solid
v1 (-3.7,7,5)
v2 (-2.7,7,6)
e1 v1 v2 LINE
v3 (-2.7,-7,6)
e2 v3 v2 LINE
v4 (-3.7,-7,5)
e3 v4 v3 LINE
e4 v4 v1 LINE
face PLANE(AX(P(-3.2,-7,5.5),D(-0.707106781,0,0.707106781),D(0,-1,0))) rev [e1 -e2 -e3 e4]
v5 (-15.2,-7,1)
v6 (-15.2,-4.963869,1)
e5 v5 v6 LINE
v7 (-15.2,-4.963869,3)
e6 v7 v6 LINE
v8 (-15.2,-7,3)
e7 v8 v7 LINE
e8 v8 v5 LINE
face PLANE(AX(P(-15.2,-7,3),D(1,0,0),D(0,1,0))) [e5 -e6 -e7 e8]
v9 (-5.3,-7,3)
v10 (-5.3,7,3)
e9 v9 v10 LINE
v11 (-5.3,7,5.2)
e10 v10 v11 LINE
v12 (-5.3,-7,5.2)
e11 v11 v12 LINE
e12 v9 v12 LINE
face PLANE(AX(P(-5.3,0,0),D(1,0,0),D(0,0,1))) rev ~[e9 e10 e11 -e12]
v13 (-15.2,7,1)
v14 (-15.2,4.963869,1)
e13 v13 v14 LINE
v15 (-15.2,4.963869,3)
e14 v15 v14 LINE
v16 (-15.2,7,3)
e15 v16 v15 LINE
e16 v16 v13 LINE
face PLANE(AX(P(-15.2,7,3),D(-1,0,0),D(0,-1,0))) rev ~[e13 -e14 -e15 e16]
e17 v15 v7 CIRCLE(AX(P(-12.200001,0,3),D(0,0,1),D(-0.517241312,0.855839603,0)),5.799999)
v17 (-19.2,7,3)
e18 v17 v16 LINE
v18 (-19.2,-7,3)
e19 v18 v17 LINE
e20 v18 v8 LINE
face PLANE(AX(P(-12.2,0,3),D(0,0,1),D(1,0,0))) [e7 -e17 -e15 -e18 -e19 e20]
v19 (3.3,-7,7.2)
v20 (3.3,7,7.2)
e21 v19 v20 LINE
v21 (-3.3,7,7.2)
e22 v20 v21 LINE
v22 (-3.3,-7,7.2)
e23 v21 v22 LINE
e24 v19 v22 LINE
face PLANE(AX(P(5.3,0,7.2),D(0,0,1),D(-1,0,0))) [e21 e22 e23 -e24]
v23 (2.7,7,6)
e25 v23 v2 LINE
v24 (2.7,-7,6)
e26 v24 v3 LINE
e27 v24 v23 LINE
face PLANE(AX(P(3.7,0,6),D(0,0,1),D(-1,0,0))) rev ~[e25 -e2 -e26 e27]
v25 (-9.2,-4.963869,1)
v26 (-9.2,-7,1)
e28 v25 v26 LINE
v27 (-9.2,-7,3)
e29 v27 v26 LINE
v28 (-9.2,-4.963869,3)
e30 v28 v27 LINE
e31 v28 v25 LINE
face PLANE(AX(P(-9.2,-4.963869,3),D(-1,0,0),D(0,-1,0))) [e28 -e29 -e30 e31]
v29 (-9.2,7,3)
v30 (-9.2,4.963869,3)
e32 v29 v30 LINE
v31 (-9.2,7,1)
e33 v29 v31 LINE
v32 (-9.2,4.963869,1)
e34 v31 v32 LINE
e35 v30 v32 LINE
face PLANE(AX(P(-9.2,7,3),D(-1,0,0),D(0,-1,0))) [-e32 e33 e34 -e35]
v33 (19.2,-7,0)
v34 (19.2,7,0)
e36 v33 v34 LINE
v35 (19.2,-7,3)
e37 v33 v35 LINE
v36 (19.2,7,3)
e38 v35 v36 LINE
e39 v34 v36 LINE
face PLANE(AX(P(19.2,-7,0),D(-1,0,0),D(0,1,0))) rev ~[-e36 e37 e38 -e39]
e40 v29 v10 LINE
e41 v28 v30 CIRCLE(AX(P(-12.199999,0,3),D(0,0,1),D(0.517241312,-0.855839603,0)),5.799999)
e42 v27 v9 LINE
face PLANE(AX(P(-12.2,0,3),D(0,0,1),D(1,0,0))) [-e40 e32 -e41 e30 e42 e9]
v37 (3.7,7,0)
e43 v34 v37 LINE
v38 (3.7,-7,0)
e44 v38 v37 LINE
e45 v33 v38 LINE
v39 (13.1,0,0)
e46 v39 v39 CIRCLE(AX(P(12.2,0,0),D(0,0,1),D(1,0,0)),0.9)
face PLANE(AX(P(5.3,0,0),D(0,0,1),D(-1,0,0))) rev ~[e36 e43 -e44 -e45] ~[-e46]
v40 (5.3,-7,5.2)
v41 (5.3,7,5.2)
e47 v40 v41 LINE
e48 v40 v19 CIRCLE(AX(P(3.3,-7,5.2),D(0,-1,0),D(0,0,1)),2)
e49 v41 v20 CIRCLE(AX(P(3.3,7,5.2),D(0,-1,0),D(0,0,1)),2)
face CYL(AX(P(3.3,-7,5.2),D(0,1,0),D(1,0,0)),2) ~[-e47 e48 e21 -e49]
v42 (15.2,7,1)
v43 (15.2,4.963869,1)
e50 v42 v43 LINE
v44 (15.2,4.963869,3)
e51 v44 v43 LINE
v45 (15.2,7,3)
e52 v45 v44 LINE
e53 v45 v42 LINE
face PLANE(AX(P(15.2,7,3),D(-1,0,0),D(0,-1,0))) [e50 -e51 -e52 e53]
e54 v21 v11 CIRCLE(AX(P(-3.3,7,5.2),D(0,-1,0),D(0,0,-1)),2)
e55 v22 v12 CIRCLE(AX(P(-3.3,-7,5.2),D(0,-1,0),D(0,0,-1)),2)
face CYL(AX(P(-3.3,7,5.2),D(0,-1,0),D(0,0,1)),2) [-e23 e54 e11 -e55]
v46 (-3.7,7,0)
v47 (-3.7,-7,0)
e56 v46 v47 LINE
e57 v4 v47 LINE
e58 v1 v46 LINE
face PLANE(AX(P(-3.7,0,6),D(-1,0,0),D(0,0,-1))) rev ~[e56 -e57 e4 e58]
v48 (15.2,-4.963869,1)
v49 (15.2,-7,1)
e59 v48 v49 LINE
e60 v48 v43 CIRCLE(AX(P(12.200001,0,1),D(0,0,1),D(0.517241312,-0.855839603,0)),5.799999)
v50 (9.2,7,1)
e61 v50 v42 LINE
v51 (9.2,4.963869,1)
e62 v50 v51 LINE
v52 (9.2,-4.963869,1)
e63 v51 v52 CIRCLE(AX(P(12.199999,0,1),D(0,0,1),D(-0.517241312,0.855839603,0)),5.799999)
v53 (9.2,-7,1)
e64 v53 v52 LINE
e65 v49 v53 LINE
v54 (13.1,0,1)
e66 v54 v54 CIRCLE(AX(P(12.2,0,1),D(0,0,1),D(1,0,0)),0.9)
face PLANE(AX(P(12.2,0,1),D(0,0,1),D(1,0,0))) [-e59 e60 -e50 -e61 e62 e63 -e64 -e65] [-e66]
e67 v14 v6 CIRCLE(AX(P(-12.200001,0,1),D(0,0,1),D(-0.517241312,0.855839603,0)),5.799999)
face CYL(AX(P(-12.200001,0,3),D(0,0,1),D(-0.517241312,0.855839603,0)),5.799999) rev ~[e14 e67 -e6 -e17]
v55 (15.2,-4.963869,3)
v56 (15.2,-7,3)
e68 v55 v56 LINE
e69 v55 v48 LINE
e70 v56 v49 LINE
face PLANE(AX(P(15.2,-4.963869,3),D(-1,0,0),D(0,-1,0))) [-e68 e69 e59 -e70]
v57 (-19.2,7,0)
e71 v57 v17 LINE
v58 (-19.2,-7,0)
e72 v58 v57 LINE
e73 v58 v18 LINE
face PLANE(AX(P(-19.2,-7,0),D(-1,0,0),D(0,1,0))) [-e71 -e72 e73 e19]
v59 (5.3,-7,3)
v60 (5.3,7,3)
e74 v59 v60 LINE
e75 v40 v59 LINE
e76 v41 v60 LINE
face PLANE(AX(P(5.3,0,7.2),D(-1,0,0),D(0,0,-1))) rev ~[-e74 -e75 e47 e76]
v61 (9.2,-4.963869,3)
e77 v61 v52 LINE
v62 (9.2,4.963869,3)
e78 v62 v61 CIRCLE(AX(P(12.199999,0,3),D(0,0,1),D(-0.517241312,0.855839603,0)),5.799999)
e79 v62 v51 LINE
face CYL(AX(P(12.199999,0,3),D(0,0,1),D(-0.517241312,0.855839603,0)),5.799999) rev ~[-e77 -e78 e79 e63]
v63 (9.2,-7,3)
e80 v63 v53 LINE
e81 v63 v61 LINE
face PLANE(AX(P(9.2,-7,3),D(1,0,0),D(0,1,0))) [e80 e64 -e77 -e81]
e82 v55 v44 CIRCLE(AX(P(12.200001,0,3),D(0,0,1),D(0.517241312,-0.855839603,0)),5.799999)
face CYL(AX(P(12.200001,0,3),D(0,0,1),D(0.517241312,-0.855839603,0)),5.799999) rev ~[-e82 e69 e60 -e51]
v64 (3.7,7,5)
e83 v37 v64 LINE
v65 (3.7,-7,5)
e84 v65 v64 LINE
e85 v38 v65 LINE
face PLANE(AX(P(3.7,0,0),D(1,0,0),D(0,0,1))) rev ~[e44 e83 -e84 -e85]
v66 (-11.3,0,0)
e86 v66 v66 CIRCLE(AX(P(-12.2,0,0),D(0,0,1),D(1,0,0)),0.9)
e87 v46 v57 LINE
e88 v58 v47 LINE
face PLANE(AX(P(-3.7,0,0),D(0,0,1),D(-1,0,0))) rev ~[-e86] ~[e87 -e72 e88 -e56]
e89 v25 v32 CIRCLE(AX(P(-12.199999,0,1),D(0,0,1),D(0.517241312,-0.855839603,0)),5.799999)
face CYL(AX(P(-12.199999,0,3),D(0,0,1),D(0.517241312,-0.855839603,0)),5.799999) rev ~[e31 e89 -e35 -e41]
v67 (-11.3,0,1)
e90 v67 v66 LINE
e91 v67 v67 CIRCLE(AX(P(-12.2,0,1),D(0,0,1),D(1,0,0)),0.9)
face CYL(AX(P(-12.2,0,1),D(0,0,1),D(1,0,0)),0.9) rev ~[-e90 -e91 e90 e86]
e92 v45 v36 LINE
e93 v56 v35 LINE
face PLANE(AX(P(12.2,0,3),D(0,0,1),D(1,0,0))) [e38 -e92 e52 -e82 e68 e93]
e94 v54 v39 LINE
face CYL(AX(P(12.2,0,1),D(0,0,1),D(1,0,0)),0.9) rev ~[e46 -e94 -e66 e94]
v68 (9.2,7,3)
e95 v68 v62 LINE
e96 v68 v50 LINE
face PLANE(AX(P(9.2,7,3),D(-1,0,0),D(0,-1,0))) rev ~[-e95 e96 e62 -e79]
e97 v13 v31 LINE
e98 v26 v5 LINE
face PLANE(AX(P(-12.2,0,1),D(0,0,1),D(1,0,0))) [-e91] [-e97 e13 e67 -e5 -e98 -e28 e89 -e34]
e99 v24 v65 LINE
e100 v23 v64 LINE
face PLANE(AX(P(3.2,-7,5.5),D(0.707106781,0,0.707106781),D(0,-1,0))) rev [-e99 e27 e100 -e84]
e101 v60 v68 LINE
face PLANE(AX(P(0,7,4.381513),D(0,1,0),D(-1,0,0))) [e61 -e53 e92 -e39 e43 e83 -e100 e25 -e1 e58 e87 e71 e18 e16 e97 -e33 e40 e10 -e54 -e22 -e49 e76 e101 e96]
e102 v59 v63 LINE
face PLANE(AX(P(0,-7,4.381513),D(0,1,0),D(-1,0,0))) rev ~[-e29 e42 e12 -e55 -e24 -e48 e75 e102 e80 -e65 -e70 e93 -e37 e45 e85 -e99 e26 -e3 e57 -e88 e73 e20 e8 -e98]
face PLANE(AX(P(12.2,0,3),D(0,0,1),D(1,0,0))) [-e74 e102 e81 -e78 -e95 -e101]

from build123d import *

# Parameters (mm, degrees)
PAD_DEPTH       = 7
SKETCH006_W     = 14
SKETCH006_H     = 14
PAD002_DEPTH    = 3
POCKET004_DEPTH = 2
SKETCH008_R     = 0.9
POCKET005_DEPTH = 1.001
FILLET001_R     = 2
CHAMFER_SIZE    = 1


with BuildPart() as clamp_unit001:
    # Sketch → Pad (new body, symmetric)
    with BuildSketch(Plane.XZ):
        Polygon((-3.7, 7.2), (5.3, 7.2), (5.3, 0), (3.7, 0), (3.7, 6), (-3.7, 6), (-3.7, 0), (-5.3, 0), (-5.3, 7.2), align=None)
    extrude(amount=PAD_DEPTH, both=True)


with BuildPart() as pushpin_unit002:
    # Sketch006 → Pad002 (new body)
    with BuildSketch(Plane.XY):
        Rectangle(SKETCH006_W, SKETCH006_H)
    extrude(amount=PAD002_DEPTH)

    # Sketch007 (on Face6 of Pad002) → Pocket004 (cut)
    with BuildSketch(Plane.XY.offset(3)):
        with BuildLine():
            Line((-3, 7), (-3, 4.963869))
            ThreePointArc((-3, 4.963869), (-5.8, 0), (-3, -4.963869))
            Line((-3, -7), (-3, -4.963869))
            Line((3, -7), (-3, -7))
            Line((3, -4.963869), (3, -7))
            ThreePointArc((3, -4.963869), (5.8, 0), (3, 4.963869))
            Line((3, 7), (3, 4.963869))
            Line((-3, 7), (3, 7))
        make_face()
    extrude(amount=-POCKET004_DEPTH, mode=Mode.SUBTRACT)

    # Sketch008 (on Face6 of Pocket004) → Pocket005 (cut, through all)
    with BuildSketch(Plane.XY.offset(1)):
        Circle(SKETCH008_R)
    extrude(amount=-POCKET005_DEPTH, mode=Mode.SUBTRACT)


with BuildPart() as pushpin_unit002_1:
    # Clone placement: moved
    add(pushpin_unit002.part.moved(Location((-11.2, 0, 0))))


with BuildPart() as pushpin_unit002_2:
    # Clone002 placement: moved
    add(pushpin_unit002_1.part.moved(Location((-1, 0, 0))))


with BuildPart() as pushpin_unit003:
    # Clone004 base: copy of pushpin-unit002
    add(pushpin_unit002_2.part)


with BuildPart() as pushpin_unit003_1:
    # Clone004 placement: moved
    add(pushpin_unit003.part.moved(Location((24.4, 0, 0))))


with BuildPart() as sujeta_cables_grande:
    # Fusion001 base: copy of pushpin-unit002
    add(pushpin_unit002_2.part)

    # Fusion001: union clamp-unit001, pushpin-unit003
    add(clamp_unit001.part)
    add(pushpin_unit003_1.part)

    # Fillet001
    fillet001_edges = [sujeta_cables_grande.edges().sort_by_distance(p)[0] for p in [
        (5.3, 0, 7.2),
        (-5.3, 0, 7.2),
    ]]
    fillet(fillet001_edges, radius=FILLET001_R)

    # Chamfer
    chamfer_edges = [sujeta_cables_grande.edges().sort_by_distance(p)[0] for p in [
        (-3.7, 0, 6),
        (3.7, 0, 6),
    ]]
    chamfer(chamfer_edges, length=CHAMFER_SIZE)


solid = sujeta_cables_grande.part
